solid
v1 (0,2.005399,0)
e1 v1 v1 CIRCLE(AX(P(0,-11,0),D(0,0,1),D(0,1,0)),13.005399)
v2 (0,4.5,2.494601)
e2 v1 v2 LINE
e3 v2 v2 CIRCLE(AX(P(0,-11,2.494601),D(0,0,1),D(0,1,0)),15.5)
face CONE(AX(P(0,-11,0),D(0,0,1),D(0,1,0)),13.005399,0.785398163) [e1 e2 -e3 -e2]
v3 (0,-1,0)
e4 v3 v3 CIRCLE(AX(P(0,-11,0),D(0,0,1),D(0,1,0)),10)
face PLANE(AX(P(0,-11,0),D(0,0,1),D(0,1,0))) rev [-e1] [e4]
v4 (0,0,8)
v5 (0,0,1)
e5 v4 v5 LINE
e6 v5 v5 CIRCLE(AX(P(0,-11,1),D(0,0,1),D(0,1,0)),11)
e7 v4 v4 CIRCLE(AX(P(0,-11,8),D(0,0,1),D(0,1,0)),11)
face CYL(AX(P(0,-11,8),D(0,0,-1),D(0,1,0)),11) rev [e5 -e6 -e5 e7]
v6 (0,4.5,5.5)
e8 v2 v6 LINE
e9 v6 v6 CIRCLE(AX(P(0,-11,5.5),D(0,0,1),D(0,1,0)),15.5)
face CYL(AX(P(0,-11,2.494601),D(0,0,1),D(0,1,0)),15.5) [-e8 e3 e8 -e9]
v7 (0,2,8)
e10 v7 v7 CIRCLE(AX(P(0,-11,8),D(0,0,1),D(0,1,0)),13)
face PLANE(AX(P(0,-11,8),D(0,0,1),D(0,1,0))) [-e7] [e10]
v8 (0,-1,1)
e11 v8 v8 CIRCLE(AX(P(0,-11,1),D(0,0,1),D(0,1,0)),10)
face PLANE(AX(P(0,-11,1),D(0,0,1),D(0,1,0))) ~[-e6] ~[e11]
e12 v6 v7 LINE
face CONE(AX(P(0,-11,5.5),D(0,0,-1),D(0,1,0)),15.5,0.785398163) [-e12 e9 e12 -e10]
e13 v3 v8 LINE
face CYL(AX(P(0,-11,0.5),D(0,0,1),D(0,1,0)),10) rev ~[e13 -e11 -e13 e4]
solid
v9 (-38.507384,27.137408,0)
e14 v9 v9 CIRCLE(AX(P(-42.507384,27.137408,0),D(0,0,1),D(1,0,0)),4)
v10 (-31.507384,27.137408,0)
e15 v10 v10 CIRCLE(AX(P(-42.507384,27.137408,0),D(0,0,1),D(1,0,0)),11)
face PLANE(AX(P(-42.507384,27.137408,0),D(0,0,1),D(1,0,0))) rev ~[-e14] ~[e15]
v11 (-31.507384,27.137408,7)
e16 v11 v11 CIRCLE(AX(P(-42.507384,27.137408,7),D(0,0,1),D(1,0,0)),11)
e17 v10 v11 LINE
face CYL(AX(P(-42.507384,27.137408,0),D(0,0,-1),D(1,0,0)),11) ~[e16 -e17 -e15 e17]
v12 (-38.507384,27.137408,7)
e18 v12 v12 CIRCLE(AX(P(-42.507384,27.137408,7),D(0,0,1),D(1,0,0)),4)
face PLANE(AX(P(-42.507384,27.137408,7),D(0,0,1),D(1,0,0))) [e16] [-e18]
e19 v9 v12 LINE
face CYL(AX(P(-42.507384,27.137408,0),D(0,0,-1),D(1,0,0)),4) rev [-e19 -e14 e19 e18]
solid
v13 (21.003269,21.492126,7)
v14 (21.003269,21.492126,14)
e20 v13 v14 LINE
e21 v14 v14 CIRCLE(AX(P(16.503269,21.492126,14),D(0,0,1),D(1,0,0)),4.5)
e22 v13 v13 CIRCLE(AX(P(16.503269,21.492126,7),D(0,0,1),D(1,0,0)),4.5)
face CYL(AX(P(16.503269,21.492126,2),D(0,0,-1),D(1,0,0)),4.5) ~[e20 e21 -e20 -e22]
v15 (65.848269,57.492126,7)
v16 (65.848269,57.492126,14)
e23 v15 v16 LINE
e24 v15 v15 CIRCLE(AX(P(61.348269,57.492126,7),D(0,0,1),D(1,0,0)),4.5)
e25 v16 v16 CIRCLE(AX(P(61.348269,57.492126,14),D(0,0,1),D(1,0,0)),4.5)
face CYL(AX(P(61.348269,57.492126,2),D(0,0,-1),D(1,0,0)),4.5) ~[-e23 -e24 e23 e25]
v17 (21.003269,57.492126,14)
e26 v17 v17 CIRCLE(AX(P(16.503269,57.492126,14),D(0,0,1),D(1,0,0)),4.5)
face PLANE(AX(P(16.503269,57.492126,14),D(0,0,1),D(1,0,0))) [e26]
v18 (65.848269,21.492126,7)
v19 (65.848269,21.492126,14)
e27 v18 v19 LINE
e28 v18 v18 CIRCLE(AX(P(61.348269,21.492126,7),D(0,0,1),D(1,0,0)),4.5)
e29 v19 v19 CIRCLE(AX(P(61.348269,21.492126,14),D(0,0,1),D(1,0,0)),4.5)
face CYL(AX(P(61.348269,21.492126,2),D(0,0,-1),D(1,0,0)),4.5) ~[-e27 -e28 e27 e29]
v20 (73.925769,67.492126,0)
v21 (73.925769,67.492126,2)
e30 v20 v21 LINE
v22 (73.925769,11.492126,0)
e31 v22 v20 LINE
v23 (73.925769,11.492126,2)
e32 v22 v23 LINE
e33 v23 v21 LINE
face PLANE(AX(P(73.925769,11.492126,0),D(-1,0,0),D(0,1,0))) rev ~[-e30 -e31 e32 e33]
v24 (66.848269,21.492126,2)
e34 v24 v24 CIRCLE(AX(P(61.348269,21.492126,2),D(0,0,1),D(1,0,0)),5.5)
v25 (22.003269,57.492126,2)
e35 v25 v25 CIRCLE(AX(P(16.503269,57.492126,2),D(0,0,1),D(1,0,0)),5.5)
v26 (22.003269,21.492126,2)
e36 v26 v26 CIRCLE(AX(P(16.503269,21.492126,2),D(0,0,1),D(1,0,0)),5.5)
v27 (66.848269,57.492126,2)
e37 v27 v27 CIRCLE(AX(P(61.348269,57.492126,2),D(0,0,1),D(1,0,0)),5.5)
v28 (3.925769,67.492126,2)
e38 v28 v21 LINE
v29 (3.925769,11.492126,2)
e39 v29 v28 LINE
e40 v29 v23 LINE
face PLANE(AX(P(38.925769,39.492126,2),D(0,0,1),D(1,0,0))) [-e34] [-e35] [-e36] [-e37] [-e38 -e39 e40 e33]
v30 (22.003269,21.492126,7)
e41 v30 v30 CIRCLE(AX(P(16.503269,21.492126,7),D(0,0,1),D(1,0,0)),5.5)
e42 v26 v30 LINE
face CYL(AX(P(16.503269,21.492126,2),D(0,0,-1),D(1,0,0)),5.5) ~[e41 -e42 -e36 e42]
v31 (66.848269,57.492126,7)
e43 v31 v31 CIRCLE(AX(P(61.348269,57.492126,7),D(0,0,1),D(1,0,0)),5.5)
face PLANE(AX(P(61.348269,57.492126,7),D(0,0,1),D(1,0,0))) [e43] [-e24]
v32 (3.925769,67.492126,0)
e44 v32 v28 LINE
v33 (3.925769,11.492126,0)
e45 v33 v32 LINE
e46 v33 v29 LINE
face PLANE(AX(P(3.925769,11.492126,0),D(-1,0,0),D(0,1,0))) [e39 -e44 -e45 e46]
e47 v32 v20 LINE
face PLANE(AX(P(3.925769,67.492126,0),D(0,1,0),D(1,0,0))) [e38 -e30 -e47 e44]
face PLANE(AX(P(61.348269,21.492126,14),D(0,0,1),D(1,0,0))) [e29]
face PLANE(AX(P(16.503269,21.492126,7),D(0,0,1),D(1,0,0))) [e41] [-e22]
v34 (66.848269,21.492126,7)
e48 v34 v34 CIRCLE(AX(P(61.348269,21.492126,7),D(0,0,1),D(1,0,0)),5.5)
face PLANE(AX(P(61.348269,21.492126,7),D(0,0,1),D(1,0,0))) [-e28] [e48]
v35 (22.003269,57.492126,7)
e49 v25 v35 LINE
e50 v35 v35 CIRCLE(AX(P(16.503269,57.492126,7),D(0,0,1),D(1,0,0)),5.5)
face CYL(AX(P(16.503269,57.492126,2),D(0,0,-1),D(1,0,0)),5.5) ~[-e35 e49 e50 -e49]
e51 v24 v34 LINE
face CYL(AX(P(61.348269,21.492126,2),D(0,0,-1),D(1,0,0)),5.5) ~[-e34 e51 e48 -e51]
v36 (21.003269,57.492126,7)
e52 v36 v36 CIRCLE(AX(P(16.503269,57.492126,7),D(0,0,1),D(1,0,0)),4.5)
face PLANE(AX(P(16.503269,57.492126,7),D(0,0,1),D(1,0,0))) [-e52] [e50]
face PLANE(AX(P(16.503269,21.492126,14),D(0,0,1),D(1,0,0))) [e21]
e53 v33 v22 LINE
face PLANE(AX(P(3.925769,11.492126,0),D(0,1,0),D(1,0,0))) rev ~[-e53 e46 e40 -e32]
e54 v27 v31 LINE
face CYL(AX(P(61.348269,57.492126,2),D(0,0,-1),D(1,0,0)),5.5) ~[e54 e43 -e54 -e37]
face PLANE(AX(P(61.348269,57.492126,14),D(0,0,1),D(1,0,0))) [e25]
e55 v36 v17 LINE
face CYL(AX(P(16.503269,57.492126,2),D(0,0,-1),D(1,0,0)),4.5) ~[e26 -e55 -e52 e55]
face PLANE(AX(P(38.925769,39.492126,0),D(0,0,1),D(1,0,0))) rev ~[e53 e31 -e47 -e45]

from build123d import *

# Parameters (mm, degrees)
F0_W     = 1
F0_H     = 1
F2_R     = 11
F2_R_2   = 4
F3_DEPTH = 7
F4_W     = 70
F4_H     = 56
F5_DEPTH = 2
F6_R     = 4.5
F7_DEPTH = 12
F6_R_2   = 5.5
F8_DEPTH = 5


with BuildPart() as f1:
    # F0 (on Right) → F1 (revolve)
    with BuildSketch(Plane.YZ):
        Polygon((0, 1), (0, 0), (2.005399, 0), (4.5, 2.494601), (4.5, 5.5), (2, 8), (0, 8), align=None)
        with Locations((-0.5, 0.5)):
            Rectangle(F0_W, F0_H)
    revolve(axis=Axis((0, -11, 2.9925), (0, 0, 1)))


with BuildPart() as f3:
    # F2 (on Top) → F3 (new body)
    with BuildSketch(Plane.XY):
        with Locations((-42.507384, 27.137408)):
            Circle(F2_R)
        with Locations((-42.507384, 27.137408)):
            Circle(F2_R_2, mode=Mode.SUBTRACT)
    extrude(amount=F3_DEPTH)


with BuildPart() as f5:
    # F4 (on Top) → F5 (new body)
    with BuildSketch(Plane.XY):
        with Locations((38.925769, 39.492126)):
            Rectangle(F4_W, F4_H)
    extrude(amount=F5_DEPTH)

    # F6 (on face) → F7 (join)
    with BuildSketch(Plane.XY.offset(2)):
        with Locations((61.348269, 21.492126)):
            Circle(F6_R)
        with Locations((16.503269, 21.492126)):
            Circle(F6_R)
        with Locations((16.503269, 57.492126)):
            Circle(F6_R)
        with Locations((61.348269, 57.492126)):
            Circle(F6_R)
    extrude(amount=F7_DEPTH)

    # F6 (on face) → F8 (join)
    with BuildSketch(Plane.XY.offset(2)):
        with Locations((61.348269, 21.492126)):
            Circle(F6_R_2)
        with Locations((61.348269, 21.492126)):
            Circle(F6_R, mode=Mode.SUBTRACT)
        with Locations((16.503269, 21.492126)):
            Circle(F6_R_2)
        with Locations((16.503269, 21.492126)):
            Circle(F6_R, mode=Mode.SUBTRACT)
        with Locations((61.348269, 57.492126)):
            Circle(F6_R_2)
        with Locations((61.348269, 57.492126)):
            Circle(F6_R, mode=Mode.SUBTRACT)
        with Locations((16.503269, 57.492126)):
            Circle(F6_R_2)
        with Locations((16.503269, 57.492126)):
            Circle(F6_R, mode=Mode.SUBTRACT)
    extrude(amount=F8_DEPTH)


solid = Compound([f1.part, f3.part, f5.part])
